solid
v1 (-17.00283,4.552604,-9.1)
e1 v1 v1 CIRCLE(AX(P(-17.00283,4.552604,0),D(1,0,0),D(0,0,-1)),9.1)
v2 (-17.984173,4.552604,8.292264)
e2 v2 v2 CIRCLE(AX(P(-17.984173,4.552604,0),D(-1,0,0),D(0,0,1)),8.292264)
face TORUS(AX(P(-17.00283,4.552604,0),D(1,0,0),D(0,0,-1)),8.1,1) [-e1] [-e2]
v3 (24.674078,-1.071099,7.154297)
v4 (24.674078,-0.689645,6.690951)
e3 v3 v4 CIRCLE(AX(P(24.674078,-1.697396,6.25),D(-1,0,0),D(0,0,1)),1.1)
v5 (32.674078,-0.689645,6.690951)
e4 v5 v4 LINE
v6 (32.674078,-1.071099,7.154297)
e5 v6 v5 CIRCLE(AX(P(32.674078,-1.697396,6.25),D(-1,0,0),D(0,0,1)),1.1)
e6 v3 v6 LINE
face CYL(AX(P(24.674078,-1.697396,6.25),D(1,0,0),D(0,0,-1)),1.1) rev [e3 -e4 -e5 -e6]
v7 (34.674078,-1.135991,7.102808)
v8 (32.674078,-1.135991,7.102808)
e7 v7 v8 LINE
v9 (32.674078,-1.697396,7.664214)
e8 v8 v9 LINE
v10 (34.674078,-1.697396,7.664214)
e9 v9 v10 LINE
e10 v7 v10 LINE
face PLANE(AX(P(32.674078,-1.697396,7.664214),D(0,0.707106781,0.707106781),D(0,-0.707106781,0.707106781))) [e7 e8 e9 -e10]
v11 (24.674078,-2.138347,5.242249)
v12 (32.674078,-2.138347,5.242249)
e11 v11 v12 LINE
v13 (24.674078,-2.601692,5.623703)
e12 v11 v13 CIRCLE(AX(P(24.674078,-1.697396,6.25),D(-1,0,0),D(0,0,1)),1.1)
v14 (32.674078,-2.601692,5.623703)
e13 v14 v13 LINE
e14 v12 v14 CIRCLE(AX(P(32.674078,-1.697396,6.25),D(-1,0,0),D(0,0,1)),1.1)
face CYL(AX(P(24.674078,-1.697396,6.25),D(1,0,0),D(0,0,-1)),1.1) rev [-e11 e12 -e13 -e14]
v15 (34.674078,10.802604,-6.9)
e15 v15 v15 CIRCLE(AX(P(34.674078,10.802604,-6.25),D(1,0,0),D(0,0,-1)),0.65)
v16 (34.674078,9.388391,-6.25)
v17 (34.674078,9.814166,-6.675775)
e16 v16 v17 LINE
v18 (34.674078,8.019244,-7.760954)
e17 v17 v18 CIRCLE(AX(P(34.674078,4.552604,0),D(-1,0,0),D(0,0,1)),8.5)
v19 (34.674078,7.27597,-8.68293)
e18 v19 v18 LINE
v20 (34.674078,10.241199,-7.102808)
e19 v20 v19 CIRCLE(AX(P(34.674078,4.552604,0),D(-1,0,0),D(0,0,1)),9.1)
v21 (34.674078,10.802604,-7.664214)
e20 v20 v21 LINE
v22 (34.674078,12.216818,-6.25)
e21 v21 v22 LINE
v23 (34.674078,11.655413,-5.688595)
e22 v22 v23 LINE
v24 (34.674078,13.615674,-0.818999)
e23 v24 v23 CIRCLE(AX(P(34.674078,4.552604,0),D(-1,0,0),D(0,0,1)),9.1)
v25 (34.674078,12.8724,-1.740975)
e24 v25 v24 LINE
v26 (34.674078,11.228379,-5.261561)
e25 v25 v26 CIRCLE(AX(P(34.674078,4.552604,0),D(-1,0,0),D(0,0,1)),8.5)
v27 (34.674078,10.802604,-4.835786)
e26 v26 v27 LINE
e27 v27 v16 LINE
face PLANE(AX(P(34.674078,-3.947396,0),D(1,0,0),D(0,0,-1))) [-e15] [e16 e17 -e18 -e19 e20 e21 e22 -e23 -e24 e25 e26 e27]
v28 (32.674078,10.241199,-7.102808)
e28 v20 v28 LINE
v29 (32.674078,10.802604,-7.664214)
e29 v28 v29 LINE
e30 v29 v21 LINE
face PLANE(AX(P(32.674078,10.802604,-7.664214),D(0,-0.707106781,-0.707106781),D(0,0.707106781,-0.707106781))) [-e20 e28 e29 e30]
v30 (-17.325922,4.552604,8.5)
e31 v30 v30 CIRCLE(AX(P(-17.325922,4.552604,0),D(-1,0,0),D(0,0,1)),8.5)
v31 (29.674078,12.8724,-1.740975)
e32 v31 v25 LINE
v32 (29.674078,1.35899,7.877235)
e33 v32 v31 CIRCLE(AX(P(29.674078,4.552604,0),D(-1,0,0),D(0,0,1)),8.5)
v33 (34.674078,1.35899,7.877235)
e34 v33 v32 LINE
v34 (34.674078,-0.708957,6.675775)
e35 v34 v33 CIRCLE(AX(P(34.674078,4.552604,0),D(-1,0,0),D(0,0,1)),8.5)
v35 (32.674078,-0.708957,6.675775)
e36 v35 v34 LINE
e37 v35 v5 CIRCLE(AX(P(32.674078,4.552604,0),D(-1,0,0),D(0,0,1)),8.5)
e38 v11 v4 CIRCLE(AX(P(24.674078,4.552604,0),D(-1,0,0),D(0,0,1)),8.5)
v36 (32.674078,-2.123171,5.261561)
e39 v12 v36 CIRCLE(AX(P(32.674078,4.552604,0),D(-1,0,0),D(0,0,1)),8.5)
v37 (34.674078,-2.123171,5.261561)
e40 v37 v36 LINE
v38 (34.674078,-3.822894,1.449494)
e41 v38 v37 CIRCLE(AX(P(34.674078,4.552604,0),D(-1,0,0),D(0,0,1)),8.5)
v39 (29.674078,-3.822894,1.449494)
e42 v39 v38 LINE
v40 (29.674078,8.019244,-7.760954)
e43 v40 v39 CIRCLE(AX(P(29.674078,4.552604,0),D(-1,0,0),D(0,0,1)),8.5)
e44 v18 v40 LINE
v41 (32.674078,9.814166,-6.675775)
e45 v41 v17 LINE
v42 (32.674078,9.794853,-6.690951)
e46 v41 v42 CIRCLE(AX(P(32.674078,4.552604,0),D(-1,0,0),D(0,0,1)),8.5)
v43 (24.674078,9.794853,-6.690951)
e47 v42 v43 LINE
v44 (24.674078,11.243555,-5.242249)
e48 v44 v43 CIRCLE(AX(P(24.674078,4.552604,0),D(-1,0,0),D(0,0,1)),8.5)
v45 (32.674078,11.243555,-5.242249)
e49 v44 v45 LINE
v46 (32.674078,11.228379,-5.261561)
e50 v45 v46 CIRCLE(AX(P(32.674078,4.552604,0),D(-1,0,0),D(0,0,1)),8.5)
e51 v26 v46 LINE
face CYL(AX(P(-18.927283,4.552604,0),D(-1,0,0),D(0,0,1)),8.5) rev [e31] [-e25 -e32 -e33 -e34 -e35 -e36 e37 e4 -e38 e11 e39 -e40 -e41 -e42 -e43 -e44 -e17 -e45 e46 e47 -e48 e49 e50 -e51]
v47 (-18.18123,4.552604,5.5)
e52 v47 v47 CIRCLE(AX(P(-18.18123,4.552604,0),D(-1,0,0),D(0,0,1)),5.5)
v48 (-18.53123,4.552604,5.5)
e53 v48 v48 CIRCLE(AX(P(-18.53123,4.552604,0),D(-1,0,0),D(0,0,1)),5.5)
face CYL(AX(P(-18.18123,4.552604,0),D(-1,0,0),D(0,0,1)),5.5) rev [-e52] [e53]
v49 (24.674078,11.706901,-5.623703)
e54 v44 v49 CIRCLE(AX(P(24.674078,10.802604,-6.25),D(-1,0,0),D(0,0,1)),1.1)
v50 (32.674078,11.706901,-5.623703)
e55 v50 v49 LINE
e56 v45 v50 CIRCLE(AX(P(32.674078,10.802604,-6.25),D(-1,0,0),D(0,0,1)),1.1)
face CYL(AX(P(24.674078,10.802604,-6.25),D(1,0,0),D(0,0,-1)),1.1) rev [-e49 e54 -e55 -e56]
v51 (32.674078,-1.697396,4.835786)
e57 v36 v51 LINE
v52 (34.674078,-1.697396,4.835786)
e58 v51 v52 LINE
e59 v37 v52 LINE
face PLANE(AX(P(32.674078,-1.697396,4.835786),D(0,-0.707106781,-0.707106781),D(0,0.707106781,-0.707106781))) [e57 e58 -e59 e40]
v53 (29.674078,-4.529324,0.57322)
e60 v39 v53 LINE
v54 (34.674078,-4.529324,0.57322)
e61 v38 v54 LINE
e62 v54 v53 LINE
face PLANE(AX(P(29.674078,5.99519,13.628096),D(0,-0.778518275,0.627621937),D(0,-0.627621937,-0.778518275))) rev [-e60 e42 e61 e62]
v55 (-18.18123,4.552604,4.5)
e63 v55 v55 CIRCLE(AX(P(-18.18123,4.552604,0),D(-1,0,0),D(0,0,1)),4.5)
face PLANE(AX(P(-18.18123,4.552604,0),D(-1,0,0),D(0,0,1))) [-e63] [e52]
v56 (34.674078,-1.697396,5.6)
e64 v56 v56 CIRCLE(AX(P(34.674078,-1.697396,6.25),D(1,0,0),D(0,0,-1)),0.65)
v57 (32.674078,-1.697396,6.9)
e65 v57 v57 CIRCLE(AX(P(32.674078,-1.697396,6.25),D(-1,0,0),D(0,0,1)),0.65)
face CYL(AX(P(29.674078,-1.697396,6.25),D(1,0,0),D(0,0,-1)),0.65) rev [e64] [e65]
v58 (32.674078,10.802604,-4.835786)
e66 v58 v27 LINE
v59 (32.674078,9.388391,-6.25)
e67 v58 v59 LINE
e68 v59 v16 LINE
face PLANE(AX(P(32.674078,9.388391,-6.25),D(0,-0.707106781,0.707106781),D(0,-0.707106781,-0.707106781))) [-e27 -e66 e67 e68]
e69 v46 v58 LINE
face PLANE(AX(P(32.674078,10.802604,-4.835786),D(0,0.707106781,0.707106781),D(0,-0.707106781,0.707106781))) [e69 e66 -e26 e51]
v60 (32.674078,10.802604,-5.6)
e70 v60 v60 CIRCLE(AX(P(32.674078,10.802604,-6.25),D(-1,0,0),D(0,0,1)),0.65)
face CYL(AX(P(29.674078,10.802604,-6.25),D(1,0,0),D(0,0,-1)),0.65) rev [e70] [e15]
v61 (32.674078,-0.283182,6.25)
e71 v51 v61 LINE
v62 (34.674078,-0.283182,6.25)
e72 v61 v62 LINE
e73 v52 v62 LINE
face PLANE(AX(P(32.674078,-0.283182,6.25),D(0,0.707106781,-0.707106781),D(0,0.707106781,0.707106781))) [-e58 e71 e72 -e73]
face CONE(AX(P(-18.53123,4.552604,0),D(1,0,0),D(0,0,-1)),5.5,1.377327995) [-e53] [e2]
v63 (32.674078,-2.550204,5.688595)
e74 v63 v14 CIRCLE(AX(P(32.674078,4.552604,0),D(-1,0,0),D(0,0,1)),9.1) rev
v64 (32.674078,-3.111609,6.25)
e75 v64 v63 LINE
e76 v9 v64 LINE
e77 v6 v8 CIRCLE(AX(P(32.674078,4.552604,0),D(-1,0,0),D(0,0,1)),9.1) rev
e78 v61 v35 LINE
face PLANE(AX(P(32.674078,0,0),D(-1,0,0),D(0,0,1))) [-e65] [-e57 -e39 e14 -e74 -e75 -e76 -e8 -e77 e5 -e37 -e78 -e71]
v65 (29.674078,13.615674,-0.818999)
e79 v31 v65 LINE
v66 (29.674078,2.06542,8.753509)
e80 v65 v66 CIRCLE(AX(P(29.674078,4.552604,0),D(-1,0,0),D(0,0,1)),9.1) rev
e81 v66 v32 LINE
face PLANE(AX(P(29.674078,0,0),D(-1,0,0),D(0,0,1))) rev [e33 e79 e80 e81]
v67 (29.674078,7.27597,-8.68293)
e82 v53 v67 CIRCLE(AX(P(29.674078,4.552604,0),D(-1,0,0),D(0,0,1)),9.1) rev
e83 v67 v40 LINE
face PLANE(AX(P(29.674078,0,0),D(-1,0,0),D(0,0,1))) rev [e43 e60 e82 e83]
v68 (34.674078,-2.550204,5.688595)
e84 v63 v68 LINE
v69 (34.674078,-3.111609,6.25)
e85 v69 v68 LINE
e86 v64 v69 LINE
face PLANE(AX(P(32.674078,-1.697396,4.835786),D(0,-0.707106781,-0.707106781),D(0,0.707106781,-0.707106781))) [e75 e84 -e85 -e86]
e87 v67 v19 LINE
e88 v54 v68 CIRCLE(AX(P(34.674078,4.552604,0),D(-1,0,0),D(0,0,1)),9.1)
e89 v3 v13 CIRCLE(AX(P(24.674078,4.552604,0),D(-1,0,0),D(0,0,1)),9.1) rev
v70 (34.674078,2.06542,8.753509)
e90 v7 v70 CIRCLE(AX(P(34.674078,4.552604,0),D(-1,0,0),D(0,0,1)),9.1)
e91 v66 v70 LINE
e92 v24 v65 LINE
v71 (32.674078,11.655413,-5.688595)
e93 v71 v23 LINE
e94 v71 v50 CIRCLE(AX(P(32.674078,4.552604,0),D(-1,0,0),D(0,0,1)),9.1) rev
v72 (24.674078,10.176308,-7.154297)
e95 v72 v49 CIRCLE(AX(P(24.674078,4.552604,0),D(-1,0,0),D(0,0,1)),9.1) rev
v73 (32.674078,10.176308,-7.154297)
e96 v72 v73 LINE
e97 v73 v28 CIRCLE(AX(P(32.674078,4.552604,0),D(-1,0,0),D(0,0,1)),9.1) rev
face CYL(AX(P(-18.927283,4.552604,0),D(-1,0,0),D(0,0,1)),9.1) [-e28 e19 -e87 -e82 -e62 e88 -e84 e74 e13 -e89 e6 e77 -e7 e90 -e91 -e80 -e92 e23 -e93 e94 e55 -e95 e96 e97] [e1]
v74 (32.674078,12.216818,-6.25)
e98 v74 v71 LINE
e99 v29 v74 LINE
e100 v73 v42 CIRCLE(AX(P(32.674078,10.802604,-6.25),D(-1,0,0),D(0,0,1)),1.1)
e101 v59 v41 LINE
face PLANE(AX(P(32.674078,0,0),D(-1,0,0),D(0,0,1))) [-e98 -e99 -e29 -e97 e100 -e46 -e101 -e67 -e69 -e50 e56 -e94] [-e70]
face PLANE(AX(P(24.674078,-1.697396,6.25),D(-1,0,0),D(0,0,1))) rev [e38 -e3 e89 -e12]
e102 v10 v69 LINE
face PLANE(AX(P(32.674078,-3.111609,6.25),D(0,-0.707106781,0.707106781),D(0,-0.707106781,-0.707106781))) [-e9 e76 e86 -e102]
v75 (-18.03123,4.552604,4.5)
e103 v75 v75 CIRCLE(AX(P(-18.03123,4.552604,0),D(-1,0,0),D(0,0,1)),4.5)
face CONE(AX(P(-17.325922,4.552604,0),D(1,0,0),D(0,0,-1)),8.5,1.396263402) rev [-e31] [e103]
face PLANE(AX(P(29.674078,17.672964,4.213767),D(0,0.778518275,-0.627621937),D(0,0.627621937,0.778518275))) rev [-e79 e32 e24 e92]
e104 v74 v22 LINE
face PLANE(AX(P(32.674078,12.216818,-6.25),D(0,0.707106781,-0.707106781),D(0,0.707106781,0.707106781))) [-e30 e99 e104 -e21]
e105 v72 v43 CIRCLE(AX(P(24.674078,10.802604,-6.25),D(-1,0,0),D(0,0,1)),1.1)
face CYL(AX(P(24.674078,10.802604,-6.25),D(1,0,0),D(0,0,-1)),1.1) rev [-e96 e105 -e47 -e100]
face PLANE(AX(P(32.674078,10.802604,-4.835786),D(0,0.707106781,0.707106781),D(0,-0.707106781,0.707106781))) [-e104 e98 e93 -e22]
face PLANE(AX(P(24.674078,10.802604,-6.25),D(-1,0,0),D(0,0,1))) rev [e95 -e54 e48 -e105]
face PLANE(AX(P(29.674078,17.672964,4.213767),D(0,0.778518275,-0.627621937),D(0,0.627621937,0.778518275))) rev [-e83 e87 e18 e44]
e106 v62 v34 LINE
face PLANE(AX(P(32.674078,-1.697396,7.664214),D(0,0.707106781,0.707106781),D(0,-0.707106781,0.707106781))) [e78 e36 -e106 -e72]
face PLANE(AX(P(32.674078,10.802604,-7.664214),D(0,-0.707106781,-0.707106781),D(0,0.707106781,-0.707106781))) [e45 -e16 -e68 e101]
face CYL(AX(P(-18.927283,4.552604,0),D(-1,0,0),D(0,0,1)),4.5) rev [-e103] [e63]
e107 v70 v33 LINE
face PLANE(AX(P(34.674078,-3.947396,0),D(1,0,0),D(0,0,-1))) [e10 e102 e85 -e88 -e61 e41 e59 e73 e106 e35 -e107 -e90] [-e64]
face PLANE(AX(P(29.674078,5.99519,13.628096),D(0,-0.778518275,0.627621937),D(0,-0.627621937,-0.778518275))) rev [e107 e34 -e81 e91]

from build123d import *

# Parameters (mm, degrees)
FILLET1_R           = 1
SKETCH3_R           = 5.5
CUT_EXTRUDE1_DEPTH  = 0.35
CUT_EXTRUDE2_DEPTH  = 5
BOSS_EXTRUDE2_DEPTH = 2
SKETCH5_R           = 0.65
CUT_EXTRUDE3_DEPTH  = 5
SKETCH7_R           = 1.1
CUT_EXTRUDE4_DEPTH  = 8


with BuildPart() as part:
    # Sketch1 → Revolve1 (revolve)
    with BuildSketch(Plane.XY, mode=Mode.PRIVATE) as revolve1_sk:
        Polygon((-17.325922144, -3.94739572), (34.674077856, -3.94739572), (34.674077856, -4.54739572), (-17.825922144, -4.54739572), (-18.531230067, -0.94739572), (-18.531230067, 0.05260428), (-18.031230067, 0.05260428), align=None)
    revolve(revolve1_sk.sketch.rotate(Axis((-18.92728318, 4.55260428, 0), (1, 0, 0)), 270), axis=Axis((-18.92728318, 4.55260428, 0), (1, 0, 0)))

    # Fillet1
    fillet1_edges = [part.edges().sort_by_distance(p)[0] for p in [
        (-17.825922144, 4.55260428, -9.1),
    ]]
    fillet(fillet1_edges, radius=FILLET1_R)

    # Sketch3 → Cut-Extrude1 (cut)
    with BuildSketch(Plane.ZY.offset(18.531230067)):
        with Locations((0, 4.55260428)):
            Circle(SKETCH3_R)
    extrude(amount=-CUT_EXTRUDE1_DEPTH, mode=Mode.SUBTRACT)

    # Sketch4 → Cut-Extrude2 (cut)
    with BuildSketch(Plane(origin=(34.674077856, 0, 0), x_dir=(0, 0, -1), z_dir=(1, 0, 0))):
        Polygon((-13.628095951, 5.995190129), (5.056342646, -9.067736356), (14.470671699, 2.610037767), (-4.213766898, 17.672964252), align=None)
    extrude(amount=-CUT_EXTRUDE2_DEPTH, mode=Mode.SUBTRACT)

    # Sketch6 → Boss-Extrude2 (add)
    with BuildSketch(Plane(origin=(34.674077856, 0, 0), x_dir=(0, 0, -1), z_dir=(1, 0, 0))):
        Polygon((-6.25, -0.283182158), (-4.835786438, -1.69739572), (-6.25, -3.111609282), (-7.664213562, -1.69739572), align=None)
        Polygon((4.835786438, 10.80260428), (6.25, 12.216817842), (7.664213562, 10.80260428), (6.25, 9.388390718), align=None)
    extrude(amount=-BOSS_EXTRUDE2_DEPTH)

    # Sketch5 → Cut-Extrude3 (cut)
    with BuildSketch(Plane(origin=(34.674077856, 0, 0), x_dir=(0, 0, -1), z_dir=(1, 0, 0))):
        with Locations((6.25, 10.80260428)):
            Circle(SKETCH5_R)
        with Locations((-6.25, -1.69739572)):
            Circle(SKETCH5_R)
    extrude(amount=-CUT_EXTRUDE3_DEPTH, mode=Mode.SUBTRACT)

    # Sketch7 → Cut-Extrude4 (cut)
    with BuildSketch(Plane.ZY.offset(-32.674077856)):
        with Locations((6.25, -1.69739572)):
            Circle(SKETCH7_R)
        with Locations((-6.25, 10.80260428)):
            Circle(SKETCH7_R)
    extrude(amount=CUT_EXTRUDE4_DEPTH, mode=Mode.SUBTRACT)


solid = part.part
